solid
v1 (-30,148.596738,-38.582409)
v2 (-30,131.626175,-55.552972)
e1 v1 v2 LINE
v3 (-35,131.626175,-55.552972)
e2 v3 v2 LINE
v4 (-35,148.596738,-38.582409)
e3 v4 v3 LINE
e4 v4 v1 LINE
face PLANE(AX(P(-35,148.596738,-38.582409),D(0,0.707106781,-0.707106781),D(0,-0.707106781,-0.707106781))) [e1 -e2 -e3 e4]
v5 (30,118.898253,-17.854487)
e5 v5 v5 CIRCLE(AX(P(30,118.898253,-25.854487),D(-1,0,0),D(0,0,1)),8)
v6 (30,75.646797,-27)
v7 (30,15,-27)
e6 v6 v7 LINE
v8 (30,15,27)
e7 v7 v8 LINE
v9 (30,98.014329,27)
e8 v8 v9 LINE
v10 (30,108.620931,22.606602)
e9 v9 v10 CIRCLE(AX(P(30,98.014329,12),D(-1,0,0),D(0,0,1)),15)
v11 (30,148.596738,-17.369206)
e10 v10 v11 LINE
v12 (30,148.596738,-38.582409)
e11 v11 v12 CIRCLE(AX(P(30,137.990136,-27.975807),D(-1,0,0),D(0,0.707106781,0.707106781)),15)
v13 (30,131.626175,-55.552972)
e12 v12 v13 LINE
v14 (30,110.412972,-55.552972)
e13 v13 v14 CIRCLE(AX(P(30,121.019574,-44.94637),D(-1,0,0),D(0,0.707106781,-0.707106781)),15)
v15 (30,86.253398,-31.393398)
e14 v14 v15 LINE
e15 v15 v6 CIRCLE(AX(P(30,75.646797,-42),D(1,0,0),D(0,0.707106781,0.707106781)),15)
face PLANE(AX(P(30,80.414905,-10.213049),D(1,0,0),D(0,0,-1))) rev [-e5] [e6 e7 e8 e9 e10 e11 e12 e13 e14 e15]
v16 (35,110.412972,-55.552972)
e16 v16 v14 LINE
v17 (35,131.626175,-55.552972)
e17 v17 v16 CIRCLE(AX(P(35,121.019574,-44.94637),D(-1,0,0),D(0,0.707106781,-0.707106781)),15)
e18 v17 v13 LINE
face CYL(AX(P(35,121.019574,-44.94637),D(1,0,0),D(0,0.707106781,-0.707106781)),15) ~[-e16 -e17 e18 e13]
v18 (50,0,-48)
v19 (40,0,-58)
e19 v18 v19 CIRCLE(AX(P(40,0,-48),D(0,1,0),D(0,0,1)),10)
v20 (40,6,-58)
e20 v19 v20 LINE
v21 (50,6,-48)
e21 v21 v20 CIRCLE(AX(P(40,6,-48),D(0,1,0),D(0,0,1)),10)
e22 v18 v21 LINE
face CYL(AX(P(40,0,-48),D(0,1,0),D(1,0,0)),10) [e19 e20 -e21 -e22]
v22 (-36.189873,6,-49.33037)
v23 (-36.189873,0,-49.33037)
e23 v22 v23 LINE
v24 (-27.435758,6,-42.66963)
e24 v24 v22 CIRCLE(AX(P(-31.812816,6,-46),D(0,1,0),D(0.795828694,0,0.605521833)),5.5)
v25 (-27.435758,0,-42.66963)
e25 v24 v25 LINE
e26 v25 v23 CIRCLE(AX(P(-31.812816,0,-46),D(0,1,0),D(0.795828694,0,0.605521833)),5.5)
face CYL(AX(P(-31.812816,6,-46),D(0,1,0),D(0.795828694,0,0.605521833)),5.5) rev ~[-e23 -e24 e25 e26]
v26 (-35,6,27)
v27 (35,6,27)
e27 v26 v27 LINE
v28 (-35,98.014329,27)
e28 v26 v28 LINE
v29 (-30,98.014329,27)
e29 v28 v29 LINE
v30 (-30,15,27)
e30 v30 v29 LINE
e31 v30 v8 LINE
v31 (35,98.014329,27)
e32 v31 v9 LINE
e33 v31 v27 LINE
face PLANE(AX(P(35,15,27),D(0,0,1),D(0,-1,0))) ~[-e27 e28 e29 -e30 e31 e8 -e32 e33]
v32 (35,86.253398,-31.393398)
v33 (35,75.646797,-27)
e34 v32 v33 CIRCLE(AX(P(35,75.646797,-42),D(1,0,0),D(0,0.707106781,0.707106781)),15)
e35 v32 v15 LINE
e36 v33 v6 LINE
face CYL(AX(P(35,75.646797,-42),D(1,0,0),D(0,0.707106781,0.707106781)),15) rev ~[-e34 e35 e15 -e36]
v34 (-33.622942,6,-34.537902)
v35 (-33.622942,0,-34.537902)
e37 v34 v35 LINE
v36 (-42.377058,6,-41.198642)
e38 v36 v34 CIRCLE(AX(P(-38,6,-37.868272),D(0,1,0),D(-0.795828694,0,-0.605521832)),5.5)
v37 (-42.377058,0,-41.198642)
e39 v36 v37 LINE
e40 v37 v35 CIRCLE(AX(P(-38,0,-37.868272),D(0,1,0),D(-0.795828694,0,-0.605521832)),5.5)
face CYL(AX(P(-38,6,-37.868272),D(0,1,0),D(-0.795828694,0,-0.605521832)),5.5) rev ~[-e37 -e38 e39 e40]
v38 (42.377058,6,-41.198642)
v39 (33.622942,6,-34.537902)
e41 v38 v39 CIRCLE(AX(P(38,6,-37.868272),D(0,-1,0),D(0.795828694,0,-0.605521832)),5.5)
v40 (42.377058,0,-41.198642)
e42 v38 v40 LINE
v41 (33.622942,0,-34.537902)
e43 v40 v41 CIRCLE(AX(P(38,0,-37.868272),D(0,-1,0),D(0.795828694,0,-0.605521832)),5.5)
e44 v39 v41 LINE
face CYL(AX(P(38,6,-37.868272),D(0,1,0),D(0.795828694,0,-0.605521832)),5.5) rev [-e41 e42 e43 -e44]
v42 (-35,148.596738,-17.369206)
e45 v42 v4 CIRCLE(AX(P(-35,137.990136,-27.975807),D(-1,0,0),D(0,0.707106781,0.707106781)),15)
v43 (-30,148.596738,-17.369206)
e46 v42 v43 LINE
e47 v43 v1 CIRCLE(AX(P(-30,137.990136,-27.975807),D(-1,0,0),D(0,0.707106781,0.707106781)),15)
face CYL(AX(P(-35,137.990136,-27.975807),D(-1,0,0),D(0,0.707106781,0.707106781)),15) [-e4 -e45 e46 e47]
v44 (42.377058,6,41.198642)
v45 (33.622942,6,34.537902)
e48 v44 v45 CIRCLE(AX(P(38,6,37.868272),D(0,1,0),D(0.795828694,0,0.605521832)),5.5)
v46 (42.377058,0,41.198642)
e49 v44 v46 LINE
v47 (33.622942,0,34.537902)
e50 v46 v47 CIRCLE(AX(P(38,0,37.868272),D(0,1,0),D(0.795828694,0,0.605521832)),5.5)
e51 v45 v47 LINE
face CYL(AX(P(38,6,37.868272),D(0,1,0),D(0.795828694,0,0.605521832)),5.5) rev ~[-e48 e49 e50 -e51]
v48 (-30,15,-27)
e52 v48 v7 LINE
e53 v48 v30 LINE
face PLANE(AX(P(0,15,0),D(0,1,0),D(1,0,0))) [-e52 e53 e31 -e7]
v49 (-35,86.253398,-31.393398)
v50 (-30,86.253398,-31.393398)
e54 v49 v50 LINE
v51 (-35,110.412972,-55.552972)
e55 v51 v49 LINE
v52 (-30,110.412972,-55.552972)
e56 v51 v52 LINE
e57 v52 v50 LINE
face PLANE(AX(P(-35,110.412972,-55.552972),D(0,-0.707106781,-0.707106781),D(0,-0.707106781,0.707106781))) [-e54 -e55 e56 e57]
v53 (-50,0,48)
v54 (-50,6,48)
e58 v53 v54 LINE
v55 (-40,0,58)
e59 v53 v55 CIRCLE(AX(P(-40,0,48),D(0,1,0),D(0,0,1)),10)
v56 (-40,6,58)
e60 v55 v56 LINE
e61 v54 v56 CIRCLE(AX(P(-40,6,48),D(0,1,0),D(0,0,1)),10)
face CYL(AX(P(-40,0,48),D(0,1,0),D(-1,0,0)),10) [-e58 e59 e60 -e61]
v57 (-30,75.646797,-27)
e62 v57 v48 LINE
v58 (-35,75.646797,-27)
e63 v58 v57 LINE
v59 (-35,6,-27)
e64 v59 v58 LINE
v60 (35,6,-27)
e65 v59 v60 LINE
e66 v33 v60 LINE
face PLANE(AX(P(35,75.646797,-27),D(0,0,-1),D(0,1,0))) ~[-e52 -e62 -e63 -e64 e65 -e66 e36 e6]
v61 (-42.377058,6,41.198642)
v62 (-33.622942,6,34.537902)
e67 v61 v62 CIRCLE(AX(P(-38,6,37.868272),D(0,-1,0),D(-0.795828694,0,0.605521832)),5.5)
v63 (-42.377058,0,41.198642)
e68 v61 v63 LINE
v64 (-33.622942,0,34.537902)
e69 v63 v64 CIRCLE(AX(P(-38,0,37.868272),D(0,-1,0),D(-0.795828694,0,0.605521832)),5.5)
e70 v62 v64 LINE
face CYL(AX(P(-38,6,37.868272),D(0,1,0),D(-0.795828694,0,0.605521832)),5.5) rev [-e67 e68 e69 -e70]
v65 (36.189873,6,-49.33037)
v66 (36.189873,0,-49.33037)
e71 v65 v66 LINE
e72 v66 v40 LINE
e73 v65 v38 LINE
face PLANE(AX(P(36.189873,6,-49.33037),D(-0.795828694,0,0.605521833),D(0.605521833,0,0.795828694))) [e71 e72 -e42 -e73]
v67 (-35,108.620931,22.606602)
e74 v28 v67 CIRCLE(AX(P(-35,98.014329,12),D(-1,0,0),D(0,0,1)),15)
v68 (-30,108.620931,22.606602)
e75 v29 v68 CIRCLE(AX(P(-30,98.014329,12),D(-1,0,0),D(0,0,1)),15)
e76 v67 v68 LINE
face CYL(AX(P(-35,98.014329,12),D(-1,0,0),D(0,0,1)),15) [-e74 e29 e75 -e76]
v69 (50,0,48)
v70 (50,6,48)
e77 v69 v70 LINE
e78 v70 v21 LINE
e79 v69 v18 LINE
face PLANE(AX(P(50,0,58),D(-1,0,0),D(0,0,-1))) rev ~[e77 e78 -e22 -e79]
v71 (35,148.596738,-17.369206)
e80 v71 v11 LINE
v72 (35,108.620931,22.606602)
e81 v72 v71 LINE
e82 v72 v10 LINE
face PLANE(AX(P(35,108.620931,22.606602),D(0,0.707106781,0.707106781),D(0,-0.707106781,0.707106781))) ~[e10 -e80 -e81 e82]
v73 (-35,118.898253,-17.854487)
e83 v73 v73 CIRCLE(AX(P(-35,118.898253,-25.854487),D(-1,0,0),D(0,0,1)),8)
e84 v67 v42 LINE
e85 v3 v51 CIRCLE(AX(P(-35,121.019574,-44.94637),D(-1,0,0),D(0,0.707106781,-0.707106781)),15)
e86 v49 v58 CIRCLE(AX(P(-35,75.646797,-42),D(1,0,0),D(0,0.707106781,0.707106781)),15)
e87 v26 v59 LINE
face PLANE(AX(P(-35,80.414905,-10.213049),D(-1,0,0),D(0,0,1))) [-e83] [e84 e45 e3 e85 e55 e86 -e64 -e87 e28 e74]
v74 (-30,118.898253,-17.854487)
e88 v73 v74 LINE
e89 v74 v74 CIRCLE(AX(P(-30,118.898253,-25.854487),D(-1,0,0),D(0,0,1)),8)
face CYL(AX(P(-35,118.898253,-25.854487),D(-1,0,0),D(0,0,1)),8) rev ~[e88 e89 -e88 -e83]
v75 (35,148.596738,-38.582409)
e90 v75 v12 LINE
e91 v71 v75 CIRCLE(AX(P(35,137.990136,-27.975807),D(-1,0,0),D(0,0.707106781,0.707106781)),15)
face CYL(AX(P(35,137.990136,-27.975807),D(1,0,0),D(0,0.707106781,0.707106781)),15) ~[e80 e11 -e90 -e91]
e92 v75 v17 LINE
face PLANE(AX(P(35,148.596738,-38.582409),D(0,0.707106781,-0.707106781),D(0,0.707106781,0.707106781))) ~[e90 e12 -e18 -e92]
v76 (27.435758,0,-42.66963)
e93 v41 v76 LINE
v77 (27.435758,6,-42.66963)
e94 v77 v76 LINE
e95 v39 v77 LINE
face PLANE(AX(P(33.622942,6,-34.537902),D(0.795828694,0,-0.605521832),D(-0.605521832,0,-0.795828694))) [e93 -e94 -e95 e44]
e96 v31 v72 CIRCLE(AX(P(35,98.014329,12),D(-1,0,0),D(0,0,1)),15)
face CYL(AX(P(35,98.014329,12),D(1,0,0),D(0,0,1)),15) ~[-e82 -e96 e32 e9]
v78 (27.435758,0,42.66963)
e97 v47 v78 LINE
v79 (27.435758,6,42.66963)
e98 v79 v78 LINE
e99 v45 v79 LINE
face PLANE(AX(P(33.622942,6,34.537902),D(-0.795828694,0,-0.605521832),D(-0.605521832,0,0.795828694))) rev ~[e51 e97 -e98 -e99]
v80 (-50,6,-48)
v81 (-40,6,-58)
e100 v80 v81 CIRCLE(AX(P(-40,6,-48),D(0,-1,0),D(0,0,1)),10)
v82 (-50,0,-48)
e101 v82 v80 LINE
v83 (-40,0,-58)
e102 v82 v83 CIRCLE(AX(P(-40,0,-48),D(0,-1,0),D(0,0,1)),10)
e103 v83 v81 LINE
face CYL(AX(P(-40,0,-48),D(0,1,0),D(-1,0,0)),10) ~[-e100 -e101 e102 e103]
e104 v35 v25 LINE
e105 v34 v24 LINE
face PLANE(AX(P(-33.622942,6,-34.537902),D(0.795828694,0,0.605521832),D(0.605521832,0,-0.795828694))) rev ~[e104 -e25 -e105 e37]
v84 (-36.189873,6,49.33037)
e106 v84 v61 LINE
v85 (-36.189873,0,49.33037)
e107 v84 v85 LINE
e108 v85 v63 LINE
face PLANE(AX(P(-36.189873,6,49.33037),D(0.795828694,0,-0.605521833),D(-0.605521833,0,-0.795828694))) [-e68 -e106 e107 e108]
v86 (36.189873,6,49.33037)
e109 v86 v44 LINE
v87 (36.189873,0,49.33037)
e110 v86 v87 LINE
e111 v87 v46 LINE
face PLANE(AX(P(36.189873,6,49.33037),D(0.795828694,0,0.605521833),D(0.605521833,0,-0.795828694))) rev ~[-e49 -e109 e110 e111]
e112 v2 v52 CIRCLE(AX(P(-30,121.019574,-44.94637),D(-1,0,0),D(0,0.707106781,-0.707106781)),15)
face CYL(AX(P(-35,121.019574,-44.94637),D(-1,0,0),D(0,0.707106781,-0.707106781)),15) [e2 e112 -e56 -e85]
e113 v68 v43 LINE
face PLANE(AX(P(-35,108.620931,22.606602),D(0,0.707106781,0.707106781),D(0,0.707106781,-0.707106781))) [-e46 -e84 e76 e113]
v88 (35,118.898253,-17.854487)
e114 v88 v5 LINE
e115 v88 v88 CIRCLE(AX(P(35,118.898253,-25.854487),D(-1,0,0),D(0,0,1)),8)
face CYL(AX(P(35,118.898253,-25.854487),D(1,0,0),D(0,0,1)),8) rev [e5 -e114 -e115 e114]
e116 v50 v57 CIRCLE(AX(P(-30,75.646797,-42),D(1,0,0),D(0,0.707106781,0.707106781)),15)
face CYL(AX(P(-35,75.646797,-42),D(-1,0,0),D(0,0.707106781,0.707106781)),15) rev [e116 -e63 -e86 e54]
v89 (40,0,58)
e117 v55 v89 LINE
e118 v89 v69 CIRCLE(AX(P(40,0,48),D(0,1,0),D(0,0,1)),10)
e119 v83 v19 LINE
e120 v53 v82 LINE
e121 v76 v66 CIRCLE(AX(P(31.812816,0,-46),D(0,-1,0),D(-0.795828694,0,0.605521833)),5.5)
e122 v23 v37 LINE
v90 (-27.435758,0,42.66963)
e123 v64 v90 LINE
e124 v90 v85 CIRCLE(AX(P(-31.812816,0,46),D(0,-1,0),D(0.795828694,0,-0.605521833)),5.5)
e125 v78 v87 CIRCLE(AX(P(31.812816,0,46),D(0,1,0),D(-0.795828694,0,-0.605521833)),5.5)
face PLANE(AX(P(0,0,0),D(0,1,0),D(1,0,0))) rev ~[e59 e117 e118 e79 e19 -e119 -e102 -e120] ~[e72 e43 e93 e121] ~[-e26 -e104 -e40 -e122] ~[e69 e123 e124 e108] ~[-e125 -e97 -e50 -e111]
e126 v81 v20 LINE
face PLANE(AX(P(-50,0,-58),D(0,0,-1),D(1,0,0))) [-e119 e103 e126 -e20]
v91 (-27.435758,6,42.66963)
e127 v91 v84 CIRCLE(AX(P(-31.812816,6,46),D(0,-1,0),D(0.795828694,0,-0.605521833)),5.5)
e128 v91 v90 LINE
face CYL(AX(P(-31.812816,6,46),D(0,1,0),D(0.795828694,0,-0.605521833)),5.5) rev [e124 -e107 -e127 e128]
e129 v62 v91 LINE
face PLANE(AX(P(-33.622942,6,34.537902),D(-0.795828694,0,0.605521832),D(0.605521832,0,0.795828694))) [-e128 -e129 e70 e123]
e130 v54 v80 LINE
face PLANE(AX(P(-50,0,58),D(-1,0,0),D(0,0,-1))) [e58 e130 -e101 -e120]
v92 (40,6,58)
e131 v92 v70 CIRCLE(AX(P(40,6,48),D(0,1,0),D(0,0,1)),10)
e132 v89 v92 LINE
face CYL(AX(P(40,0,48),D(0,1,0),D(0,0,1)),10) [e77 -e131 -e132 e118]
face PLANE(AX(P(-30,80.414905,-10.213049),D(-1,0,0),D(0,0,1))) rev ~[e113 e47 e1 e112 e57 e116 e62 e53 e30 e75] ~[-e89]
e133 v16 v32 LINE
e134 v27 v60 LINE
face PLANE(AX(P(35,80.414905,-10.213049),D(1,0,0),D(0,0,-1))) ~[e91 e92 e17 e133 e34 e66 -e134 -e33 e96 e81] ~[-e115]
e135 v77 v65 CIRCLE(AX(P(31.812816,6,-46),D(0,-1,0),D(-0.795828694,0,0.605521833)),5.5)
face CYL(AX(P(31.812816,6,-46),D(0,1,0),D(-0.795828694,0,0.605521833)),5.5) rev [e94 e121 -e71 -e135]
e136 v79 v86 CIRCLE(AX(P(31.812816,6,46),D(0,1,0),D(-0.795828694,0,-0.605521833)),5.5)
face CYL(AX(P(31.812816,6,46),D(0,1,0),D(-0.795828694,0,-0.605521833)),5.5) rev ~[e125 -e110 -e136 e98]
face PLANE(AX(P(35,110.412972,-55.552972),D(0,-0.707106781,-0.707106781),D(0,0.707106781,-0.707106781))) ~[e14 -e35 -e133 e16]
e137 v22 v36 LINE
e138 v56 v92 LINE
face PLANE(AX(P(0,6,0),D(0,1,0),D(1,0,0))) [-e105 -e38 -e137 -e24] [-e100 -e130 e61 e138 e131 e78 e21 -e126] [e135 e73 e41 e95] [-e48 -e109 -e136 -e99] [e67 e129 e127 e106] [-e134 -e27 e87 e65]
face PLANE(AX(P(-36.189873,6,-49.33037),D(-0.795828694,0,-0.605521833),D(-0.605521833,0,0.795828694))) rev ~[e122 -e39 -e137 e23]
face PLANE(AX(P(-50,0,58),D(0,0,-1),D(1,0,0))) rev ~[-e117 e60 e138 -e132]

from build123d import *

# Parameters (mm, degrees)
SKETCH1_W           = 100
SKETCH1_H           = 116
BOSS_EXTRUDE1_DEPTH = 6
FILLET1_R           = 10
CUT_EXTRUDE1_DEPTH  = 6
SKETCH3_W           = 70
SKETCH3_H           = 54
BOSS_EXTRUDE2_DEPTH = 9
SKETCH5_R           = 8
BOSS_EXTRUDE3_DEPTH = 5


with BuildPart() as part:
    # Sketch1 → Boss-Extrude1 (new body)
    with BuildSketch(Plane(origin=(0, 0, 0), x_dir=(1, 0, 0), z_dir=(0, 1, 0))):
        Rectangle(SKETCH1_W, SKETCH1_H)
    extrude(amount=BOSS_EXTRUDE1_DEPTH)

    # Fillet1
    fillet1_edges = [part.edges().sort_by_distance(p)[0] for p in [
        (-50, 3, -58),
        (50, 3, -58),
        (50, 3, 58),
        (-50, 3, 58),
    ]]
    fillet(fillet1_edges, radius=FILLET1_R)

    # Sketch2 → Cut-Extrude1 (cut)
    with BuildSketch(Plane(origin=(0, 6, 0), x_dir=(1, 0, 0), z_dir=(0, 1, 0))):
        with BuildLine():
            Line((-36.189873482, 49.330370079), (-42.377057818, 41.198642095))
            ThreePointArc((-42.377057818, 41.198642095), (-41.330370079, 33.491214199), (-33.622942182, 34.537901938))
            Line((-33.622942182, 34.537901938), (-27.435757847, 42.669629921))
            ThreePointArc((-27.435757847, 42.669629921), (-28.482445586, 50.377057818), (-36.189873482, 49.330370079))
        make_face()
        with BuildLine():
            Line((36.189873482, 49.330370079), (42.377057818, 41.198642095))
            ThreePointArc((42.377057818, 41.198642095), (41.330370079, 33.491214199), (33.622942182, 34.537901938))
            Line((33.622942182, 34.537901938), (27.435757847, 42.669629921))
            ThreePointArc((27.435757847, 42.669629921), (28.482445586, 50.377057818), (36.189873482, 49.330370079))
        make_face()
        with BuildLine():
            Line((-36.189873482, -49.330370079), (-42.377057818, -41.198642095))
            ThreePointArc((-42.377057818, -41.198642095), (-41.330370079, -33.491214199), (-33.622942182, -34.537901938))
            Line((-33.622942182, -34.537901938), (-27.435757847, -42.669629921))
            ThreePointArc((-27.435757847, -42.669629921), (-28.482445586, -50.377057818), (-36.189873482, -49.330370079))
        make_face()
        with BuildLine():
            Line((36.189873482, -49.330370079), (42.377057818, -41.198642095))
            ThreePointArc((42.377057818, -41.198642095), (41.330370079, -33.491214199), (33.622942182, -34.537901938))
            Line((33.622942182, -34.537901938), (27.435757847, -42.669629921))
            ThreePointArc((27.435757847, -42.669629921), (28.482445586, -50.377057818), (36.189873482, -49.330370079))
        make_face()
    extrude(amount=-CUT_EXTRUDE1_DEPTH, mode=Mode.SUBTRACT)

    # Sketch3 → Boss-Extrude2 (add)
    with BuildSketch(Plane(origin=(0, 6, 0), x_dir=(1, 0, 0), z_dir=(0, 1, 0))):
        Rectangle(SKETCH3_W, SKETCH3_H)
    extrude(amount=BOSS_EXTRUDE2_DEPTH)

    # Sketch5 → Boss-Extrude3 (add)
    with BuildSketch(Plane.ZY.offset(35)):
        with BuildLine():
            Line((-27, 15), (27, 15))
            Line((27, 15), (27, 98.014328933))
            ThreePointArc((27, 98.014328933), (25.858192988, 103.754580418), (22.606601718, 108.62093065))
            Line((22.606601718, 108.62093065), (-17.36920564, 148.596738008))
            ThreePointArc((-17.36920564, 148.596738008), (-27.975807358, 152.990136291), (-38.582409076, 148.596738008))
            Line((-38.582409076, 148.596738008), (-55.552971824, 131.62617526))
            ThreePointArc((-55.552971824, 131.62617526), (-59.946370107, 121.019573542), (-55.552971824, 110.412971824))
            Line((-55.552971824, 110.412971824), (-31.393398282, 86.253398282))
            ThreePointArc((-31.393398282, 86.253398282), (-28.141807012, 81.38704805), (-27, 75.646796564))
            Line((-27, 75.646796564), (-27, 15))
        make_face()
        with Locations((-25.854487014, 118.898253199)):
            Circle(SKETCH5_R, mode=Mode.SUBTRACT)
    boss_extrude3 = extrude(amount=-BOSS_EXTRUDE3_DEPTH)

    # Mirror1: Boss-Extrude3 across plane
    add(boss_extrude3.mirror(Plane(origin=(0, 0, 0), x_dir=(0, 0, 1), z_dir=(1, 0, 0))))


solid = part.part
